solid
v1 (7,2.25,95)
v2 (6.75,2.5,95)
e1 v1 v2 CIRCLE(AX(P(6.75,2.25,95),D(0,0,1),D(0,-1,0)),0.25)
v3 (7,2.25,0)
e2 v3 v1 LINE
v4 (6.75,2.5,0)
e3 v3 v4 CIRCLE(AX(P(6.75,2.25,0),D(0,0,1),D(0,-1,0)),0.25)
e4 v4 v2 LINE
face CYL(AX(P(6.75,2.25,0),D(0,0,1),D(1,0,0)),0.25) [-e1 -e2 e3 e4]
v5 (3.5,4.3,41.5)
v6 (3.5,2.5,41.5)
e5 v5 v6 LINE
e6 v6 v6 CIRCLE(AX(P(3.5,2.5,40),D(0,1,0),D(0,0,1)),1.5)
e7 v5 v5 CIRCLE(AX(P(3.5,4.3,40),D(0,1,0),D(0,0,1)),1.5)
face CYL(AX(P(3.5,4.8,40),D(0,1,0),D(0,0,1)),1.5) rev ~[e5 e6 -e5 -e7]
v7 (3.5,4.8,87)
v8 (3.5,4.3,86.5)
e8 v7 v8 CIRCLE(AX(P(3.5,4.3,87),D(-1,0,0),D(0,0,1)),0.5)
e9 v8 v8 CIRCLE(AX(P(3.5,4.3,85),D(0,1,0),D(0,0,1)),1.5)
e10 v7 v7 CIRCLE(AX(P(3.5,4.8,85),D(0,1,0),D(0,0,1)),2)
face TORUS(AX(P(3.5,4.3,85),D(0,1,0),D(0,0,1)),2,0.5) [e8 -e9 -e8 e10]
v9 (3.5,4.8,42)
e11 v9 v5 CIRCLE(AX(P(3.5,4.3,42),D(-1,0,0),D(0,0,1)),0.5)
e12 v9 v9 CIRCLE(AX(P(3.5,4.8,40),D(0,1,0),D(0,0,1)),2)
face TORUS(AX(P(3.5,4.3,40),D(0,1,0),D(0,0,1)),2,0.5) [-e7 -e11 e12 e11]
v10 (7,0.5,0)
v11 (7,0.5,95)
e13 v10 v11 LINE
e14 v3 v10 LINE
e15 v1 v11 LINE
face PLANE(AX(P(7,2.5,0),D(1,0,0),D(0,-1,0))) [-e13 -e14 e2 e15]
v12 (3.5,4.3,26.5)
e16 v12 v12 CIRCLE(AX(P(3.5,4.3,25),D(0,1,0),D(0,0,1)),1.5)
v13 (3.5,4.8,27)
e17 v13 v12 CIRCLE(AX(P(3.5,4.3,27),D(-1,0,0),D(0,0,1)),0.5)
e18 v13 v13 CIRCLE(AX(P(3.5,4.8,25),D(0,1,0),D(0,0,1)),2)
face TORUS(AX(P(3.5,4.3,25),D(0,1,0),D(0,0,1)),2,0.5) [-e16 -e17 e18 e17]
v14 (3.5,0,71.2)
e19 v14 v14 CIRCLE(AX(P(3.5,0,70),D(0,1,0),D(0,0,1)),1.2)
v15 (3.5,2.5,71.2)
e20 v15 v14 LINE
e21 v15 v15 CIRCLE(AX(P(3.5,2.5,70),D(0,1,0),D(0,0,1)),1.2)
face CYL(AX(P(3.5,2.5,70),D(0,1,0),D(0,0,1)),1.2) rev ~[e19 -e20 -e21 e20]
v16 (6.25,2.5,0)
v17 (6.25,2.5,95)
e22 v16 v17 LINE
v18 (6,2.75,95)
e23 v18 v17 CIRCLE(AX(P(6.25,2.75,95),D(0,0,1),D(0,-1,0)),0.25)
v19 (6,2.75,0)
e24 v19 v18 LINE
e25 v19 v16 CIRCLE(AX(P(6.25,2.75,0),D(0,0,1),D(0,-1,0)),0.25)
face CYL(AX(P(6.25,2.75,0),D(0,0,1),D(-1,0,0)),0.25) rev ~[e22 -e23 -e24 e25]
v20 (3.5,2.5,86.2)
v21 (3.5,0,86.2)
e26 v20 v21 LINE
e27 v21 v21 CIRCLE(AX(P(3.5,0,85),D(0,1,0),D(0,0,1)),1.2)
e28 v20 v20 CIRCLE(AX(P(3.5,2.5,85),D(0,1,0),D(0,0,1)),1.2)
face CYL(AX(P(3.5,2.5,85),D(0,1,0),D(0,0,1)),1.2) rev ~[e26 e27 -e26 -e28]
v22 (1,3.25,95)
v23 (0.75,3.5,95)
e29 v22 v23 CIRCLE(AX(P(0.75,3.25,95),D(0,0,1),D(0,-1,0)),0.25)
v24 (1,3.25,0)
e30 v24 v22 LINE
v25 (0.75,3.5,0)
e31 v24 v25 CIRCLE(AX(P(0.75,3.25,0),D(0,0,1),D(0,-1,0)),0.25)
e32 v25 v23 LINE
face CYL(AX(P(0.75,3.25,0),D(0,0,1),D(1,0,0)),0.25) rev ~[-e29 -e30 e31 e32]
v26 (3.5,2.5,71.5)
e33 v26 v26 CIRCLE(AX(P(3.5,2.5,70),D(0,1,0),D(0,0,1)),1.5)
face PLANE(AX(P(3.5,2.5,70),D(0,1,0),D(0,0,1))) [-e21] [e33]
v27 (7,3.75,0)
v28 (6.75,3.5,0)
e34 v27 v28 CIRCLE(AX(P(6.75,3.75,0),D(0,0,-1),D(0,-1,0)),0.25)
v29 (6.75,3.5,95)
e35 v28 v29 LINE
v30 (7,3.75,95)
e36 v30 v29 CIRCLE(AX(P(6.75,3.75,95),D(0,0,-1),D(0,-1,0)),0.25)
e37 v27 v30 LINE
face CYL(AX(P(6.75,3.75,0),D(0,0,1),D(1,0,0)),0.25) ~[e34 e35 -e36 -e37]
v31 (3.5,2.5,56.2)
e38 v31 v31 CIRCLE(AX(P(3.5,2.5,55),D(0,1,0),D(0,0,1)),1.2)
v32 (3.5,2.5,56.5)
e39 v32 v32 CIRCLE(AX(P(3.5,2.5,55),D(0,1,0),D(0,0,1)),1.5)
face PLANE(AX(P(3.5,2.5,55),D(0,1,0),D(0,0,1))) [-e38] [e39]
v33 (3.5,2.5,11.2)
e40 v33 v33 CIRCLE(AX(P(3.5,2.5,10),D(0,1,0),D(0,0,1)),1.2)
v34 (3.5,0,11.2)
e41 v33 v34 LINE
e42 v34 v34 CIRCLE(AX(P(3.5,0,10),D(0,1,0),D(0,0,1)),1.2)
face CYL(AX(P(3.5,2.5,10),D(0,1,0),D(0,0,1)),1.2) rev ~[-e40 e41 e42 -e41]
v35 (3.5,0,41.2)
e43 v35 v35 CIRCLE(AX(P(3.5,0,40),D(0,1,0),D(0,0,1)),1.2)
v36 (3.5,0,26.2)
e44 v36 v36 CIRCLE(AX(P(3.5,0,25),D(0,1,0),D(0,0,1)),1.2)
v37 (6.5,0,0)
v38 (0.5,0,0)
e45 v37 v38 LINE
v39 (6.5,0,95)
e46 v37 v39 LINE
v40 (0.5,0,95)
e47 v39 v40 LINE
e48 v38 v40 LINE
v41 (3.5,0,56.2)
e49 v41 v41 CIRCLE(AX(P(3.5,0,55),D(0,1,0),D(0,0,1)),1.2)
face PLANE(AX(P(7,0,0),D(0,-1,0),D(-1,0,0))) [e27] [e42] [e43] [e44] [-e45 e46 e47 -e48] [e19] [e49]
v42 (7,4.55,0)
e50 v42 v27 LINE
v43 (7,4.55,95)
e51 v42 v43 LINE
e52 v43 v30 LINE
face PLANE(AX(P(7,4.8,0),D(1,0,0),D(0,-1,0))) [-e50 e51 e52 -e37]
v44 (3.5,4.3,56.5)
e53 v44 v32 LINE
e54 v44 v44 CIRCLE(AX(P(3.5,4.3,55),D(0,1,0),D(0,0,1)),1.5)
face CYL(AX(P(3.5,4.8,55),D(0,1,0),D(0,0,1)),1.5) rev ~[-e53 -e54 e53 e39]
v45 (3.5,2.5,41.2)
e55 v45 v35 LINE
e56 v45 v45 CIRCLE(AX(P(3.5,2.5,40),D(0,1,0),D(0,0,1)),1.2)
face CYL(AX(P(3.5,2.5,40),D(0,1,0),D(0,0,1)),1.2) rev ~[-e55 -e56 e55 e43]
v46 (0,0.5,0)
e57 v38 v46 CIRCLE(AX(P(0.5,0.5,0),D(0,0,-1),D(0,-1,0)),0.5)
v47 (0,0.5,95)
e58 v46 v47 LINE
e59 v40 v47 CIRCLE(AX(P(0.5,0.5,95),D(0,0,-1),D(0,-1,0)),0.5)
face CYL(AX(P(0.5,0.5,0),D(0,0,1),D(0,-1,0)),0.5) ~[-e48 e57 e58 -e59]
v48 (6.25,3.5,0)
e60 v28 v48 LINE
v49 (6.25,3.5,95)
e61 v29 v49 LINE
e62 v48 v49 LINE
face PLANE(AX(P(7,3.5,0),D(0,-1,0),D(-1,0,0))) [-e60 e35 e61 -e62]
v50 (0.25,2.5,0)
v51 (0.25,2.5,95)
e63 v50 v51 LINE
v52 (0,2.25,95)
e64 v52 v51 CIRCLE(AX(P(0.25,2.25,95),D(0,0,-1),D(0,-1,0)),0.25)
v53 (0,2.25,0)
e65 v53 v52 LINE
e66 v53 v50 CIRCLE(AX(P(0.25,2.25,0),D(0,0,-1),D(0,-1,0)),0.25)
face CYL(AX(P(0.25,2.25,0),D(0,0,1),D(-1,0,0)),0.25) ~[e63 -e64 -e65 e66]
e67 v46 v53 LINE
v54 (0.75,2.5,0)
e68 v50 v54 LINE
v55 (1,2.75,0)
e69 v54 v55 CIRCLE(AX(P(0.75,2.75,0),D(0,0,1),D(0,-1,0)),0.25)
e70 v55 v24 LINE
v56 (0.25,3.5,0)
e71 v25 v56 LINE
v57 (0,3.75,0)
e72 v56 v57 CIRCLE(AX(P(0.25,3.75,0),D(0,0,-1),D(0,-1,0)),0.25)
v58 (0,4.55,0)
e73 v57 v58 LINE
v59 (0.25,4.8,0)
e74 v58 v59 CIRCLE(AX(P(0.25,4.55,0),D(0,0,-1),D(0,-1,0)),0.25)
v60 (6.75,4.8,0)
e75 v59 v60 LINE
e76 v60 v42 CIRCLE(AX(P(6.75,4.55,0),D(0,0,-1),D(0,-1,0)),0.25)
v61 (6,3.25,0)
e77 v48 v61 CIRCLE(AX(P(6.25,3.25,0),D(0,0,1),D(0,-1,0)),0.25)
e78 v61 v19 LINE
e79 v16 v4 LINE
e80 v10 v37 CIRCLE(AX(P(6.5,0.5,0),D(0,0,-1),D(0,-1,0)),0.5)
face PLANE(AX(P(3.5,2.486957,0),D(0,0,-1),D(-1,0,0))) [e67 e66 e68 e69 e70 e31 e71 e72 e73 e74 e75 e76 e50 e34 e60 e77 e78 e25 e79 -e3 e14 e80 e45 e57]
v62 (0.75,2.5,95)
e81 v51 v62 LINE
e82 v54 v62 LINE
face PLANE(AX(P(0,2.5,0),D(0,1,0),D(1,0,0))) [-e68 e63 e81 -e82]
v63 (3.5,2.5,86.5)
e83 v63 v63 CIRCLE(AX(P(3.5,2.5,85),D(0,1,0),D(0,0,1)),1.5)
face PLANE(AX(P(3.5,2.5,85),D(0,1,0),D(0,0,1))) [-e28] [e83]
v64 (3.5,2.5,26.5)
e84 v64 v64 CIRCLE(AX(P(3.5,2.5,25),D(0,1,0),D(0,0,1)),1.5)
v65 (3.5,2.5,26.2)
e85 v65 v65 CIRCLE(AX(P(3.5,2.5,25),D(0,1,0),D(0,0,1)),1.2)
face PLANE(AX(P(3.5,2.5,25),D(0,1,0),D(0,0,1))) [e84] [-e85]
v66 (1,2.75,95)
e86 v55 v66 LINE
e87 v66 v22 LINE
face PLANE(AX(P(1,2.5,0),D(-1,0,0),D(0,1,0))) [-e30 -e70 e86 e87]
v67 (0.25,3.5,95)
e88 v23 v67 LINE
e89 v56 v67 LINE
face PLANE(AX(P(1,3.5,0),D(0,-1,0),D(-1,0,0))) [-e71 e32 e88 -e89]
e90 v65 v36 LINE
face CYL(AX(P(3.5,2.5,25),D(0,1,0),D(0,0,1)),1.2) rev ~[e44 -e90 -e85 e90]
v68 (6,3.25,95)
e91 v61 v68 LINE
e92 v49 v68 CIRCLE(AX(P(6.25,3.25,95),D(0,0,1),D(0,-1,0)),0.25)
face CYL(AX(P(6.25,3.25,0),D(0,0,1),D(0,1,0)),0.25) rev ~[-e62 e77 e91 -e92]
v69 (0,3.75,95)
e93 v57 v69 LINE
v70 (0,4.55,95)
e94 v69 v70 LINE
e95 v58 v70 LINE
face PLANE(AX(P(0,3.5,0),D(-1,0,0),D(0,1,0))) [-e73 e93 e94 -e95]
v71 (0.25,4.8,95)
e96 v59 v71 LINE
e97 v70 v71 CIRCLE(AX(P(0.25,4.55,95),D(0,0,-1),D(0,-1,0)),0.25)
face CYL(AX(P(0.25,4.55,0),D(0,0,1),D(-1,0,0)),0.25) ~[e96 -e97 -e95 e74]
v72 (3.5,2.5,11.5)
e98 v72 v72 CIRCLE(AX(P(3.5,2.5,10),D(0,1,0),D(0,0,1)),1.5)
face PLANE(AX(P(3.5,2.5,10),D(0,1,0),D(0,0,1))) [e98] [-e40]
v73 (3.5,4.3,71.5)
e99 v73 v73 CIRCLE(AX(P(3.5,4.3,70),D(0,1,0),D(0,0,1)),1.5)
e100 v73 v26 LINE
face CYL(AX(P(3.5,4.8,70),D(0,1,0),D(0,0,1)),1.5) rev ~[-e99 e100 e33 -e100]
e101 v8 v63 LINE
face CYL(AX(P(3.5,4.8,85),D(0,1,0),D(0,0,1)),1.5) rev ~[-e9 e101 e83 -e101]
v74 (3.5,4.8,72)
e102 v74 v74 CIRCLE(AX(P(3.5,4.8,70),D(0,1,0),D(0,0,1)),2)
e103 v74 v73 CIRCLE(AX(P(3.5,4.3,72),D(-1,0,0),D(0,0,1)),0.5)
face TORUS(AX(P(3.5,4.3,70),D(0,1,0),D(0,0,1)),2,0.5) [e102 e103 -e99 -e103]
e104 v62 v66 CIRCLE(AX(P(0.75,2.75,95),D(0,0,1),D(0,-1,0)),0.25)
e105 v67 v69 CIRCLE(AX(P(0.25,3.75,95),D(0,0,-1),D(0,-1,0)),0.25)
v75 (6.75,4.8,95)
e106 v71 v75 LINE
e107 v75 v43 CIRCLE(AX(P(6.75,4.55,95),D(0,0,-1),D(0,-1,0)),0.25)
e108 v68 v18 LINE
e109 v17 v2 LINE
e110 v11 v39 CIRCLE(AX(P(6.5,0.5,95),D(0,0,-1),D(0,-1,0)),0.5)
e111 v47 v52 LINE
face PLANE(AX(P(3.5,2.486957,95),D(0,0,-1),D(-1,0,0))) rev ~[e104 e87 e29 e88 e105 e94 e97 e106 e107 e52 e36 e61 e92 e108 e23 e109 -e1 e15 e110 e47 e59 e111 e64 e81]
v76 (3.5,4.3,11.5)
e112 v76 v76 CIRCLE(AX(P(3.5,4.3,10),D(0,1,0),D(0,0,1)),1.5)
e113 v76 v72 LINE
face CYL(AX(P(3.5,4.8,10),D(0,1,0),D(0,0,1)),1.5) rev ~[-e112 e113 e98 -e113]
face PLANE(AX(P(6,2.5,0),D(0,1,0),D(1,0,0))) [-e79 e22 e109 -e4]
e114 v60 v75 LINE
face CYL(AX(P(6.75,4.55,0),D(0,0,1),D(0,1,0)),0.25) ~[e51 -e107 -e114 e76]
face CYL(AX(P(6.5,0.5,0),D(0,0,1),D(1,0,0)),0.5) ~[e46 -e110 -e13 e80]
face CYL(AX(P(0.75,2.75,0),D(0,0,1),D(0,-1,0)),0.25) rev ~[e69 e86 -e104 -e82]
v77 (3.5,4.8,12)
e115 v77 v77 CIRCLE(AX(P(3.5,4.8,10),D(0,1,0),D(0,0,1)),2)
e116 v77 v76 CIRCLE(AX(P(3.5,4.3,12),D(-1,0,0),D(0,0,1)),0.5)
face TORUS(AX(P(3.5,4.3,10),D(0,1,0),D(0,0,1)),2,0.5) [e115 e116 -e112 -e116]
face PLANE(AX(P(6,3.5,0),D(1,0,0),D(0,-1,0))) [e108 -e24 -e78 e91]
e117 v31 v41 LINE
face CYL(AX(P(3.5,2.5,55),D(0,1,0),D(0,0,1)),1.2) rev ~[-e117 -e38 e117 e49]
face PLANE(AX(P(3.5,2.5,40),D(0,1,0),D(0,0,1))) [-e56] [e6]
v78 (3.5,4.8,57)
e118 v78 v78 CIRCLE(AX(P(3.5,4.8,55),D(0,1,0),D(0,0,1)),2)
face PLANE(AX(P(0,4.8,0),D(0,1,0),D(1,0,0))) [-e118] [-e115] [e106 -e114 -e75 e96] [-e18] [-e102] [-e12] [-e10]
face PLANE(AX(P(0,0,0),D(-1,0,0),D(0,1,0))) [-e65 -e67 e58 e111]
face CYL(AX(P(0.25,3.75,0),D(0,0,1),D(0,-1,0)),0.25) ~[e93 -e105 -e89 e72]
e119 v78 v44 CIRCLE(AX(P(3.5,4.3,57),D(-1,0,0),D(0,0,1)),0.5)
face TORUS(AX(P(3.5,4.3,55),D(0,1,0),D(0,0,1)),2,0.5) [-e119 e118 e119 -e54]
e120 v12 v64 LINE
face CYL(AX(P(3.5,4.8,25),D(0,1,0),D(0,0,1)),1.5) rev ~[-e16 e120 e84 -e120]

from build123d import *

# Parameters (mm, degrees)
EXTRUDE_1_DEPTH                = 95
FILLET_1_R                     = 0.25
FILLET_2_R                     = 0.5
SKETCH_2_R                     = 1.5
CUT_EXTRUDE_1_DEPTH            = 2.3
SKETCH_3_R                     = 1.2
CUT_EXTRUDE_2_DEPTH            = 96.290345786
FILLET_3_R                     = 0.5
PATTERN_LINEAR_2_COUNT         = 6
PATTERN_LINEAR_2_PITCH         = 15
FILLET_3_OF_PATTERN_LINEAR_2_R = 0.5


with BuildPart() as part:
    # 草图1 → 凸台-拉伸1 (new body)
    with BuildSketch(Plane.XY):
        Polygon((7, 2.5), (7, 0), (0, 0), (0, 2.5), (1, 2.5), (1, 3.5), (0, 3.5), (0, 4.8), (7, 4.8), (7, 3.5), (6, 3.5), (6, 2.5), align=None)
    extrude(amount=EXTRUDE_1_DEPTH)

    # 圆角1
    fillet_1_edges = [part.edges().sort_by_distance(p)[0] for p in [
        (0, 2.5, 47.5),
        (1, 2.5, 47.5),
        (1, 3.5, 47.5),
        (0, 3.5, 47.5),
        (0, 4.8, 47.5),
        (7, 4.8, 47.5),
        (7, 3.5, 47.5),
        (6, 3.5, 47.5),
        (6, 2.5, 47.5),
        (7, 2.5, 47.5),
    ]]
    fillet(fillet_1_edges, radius=FILLET_1_R)

    # 圆角2
    fillet_2_edges = [part.edges().sort_by_distance(p)[0] for p in [
        (7, 0, 47.5),
        (0, 0, 47.5),
    ]]
    fillet(fillet_2_edges, radius=FILLET_2_R)

    # 草图2 → 切除-拉伸1 (cut)
    with BuildSketch(Plane(origin=(0, 4.8, 0), x_dir=(1, 0, 0), z_dir=(0, 1, 0))):
        with Locations(Location((3.5, -10, 0), (0, 0, 270))):
            Circle(SKETCH_2_R)
    cut_extrude_1 = extrude(amount=-CUT_EXTRUDE_1_DEPTH, mode=Mode.SUBTRACT)

    # 草图3 → 切除-拉伸2 (cut, through all)
    with BuildSketch(Plane(origin=(0, 2.5, 0), x_dir=(1, 0, 0), z_dir=(0, 1, 0))):
        with Locations(Location((3.5, -10, 0), (0, 0, 270))):
            Circle(SKETCH_3_R)
    cut_extrude_2 = extrude(amount=-CUT_EXTRUDE_2_DEPTH, mode=Mode.SUBTRACT)

    # 圆角3
    fillet_3_edges = [part.edges().sort_by_distance(p)[0] for p in [
        (3.5, 4.8, 8.5),
    ]]
    fillet(fillet_3_edges, radius=FILLET_3_R)

    # 阵列(线性)2: 切除-拉伸1, 切除-拉伸2 ×6
    with Locations(*[(0, 0, i * PATTERN_LINEAR_2_PITCH) for i in range(1, PATTERN_LINEAR_2_COUNT)]):
        add(cut_extrude_1, mode=Mode.SUBTRACT)
        add(cut_extrude_2, mode=Mode.SUBTRACT)

    # 圆角3 of 阵列(线性)2
    fillet_3_of_pattern_linear_2_edges = [part.edges().sort_by_distance(p)[0] for p in [
        (3.5, 4.8, 23.5),
        (3.5, 4.8, 38.5),
        (3.5, 4.8, 53.5),
        (3.5, 4.8, 68.5),
        (3.5, 4.8, 83.5),
    ]]
    fillet(fillet_3_of_pattern_linear_2_edges, radius=FILLET_3_OF_PATTERN_LINEAR_2_R)


solid = part.part
